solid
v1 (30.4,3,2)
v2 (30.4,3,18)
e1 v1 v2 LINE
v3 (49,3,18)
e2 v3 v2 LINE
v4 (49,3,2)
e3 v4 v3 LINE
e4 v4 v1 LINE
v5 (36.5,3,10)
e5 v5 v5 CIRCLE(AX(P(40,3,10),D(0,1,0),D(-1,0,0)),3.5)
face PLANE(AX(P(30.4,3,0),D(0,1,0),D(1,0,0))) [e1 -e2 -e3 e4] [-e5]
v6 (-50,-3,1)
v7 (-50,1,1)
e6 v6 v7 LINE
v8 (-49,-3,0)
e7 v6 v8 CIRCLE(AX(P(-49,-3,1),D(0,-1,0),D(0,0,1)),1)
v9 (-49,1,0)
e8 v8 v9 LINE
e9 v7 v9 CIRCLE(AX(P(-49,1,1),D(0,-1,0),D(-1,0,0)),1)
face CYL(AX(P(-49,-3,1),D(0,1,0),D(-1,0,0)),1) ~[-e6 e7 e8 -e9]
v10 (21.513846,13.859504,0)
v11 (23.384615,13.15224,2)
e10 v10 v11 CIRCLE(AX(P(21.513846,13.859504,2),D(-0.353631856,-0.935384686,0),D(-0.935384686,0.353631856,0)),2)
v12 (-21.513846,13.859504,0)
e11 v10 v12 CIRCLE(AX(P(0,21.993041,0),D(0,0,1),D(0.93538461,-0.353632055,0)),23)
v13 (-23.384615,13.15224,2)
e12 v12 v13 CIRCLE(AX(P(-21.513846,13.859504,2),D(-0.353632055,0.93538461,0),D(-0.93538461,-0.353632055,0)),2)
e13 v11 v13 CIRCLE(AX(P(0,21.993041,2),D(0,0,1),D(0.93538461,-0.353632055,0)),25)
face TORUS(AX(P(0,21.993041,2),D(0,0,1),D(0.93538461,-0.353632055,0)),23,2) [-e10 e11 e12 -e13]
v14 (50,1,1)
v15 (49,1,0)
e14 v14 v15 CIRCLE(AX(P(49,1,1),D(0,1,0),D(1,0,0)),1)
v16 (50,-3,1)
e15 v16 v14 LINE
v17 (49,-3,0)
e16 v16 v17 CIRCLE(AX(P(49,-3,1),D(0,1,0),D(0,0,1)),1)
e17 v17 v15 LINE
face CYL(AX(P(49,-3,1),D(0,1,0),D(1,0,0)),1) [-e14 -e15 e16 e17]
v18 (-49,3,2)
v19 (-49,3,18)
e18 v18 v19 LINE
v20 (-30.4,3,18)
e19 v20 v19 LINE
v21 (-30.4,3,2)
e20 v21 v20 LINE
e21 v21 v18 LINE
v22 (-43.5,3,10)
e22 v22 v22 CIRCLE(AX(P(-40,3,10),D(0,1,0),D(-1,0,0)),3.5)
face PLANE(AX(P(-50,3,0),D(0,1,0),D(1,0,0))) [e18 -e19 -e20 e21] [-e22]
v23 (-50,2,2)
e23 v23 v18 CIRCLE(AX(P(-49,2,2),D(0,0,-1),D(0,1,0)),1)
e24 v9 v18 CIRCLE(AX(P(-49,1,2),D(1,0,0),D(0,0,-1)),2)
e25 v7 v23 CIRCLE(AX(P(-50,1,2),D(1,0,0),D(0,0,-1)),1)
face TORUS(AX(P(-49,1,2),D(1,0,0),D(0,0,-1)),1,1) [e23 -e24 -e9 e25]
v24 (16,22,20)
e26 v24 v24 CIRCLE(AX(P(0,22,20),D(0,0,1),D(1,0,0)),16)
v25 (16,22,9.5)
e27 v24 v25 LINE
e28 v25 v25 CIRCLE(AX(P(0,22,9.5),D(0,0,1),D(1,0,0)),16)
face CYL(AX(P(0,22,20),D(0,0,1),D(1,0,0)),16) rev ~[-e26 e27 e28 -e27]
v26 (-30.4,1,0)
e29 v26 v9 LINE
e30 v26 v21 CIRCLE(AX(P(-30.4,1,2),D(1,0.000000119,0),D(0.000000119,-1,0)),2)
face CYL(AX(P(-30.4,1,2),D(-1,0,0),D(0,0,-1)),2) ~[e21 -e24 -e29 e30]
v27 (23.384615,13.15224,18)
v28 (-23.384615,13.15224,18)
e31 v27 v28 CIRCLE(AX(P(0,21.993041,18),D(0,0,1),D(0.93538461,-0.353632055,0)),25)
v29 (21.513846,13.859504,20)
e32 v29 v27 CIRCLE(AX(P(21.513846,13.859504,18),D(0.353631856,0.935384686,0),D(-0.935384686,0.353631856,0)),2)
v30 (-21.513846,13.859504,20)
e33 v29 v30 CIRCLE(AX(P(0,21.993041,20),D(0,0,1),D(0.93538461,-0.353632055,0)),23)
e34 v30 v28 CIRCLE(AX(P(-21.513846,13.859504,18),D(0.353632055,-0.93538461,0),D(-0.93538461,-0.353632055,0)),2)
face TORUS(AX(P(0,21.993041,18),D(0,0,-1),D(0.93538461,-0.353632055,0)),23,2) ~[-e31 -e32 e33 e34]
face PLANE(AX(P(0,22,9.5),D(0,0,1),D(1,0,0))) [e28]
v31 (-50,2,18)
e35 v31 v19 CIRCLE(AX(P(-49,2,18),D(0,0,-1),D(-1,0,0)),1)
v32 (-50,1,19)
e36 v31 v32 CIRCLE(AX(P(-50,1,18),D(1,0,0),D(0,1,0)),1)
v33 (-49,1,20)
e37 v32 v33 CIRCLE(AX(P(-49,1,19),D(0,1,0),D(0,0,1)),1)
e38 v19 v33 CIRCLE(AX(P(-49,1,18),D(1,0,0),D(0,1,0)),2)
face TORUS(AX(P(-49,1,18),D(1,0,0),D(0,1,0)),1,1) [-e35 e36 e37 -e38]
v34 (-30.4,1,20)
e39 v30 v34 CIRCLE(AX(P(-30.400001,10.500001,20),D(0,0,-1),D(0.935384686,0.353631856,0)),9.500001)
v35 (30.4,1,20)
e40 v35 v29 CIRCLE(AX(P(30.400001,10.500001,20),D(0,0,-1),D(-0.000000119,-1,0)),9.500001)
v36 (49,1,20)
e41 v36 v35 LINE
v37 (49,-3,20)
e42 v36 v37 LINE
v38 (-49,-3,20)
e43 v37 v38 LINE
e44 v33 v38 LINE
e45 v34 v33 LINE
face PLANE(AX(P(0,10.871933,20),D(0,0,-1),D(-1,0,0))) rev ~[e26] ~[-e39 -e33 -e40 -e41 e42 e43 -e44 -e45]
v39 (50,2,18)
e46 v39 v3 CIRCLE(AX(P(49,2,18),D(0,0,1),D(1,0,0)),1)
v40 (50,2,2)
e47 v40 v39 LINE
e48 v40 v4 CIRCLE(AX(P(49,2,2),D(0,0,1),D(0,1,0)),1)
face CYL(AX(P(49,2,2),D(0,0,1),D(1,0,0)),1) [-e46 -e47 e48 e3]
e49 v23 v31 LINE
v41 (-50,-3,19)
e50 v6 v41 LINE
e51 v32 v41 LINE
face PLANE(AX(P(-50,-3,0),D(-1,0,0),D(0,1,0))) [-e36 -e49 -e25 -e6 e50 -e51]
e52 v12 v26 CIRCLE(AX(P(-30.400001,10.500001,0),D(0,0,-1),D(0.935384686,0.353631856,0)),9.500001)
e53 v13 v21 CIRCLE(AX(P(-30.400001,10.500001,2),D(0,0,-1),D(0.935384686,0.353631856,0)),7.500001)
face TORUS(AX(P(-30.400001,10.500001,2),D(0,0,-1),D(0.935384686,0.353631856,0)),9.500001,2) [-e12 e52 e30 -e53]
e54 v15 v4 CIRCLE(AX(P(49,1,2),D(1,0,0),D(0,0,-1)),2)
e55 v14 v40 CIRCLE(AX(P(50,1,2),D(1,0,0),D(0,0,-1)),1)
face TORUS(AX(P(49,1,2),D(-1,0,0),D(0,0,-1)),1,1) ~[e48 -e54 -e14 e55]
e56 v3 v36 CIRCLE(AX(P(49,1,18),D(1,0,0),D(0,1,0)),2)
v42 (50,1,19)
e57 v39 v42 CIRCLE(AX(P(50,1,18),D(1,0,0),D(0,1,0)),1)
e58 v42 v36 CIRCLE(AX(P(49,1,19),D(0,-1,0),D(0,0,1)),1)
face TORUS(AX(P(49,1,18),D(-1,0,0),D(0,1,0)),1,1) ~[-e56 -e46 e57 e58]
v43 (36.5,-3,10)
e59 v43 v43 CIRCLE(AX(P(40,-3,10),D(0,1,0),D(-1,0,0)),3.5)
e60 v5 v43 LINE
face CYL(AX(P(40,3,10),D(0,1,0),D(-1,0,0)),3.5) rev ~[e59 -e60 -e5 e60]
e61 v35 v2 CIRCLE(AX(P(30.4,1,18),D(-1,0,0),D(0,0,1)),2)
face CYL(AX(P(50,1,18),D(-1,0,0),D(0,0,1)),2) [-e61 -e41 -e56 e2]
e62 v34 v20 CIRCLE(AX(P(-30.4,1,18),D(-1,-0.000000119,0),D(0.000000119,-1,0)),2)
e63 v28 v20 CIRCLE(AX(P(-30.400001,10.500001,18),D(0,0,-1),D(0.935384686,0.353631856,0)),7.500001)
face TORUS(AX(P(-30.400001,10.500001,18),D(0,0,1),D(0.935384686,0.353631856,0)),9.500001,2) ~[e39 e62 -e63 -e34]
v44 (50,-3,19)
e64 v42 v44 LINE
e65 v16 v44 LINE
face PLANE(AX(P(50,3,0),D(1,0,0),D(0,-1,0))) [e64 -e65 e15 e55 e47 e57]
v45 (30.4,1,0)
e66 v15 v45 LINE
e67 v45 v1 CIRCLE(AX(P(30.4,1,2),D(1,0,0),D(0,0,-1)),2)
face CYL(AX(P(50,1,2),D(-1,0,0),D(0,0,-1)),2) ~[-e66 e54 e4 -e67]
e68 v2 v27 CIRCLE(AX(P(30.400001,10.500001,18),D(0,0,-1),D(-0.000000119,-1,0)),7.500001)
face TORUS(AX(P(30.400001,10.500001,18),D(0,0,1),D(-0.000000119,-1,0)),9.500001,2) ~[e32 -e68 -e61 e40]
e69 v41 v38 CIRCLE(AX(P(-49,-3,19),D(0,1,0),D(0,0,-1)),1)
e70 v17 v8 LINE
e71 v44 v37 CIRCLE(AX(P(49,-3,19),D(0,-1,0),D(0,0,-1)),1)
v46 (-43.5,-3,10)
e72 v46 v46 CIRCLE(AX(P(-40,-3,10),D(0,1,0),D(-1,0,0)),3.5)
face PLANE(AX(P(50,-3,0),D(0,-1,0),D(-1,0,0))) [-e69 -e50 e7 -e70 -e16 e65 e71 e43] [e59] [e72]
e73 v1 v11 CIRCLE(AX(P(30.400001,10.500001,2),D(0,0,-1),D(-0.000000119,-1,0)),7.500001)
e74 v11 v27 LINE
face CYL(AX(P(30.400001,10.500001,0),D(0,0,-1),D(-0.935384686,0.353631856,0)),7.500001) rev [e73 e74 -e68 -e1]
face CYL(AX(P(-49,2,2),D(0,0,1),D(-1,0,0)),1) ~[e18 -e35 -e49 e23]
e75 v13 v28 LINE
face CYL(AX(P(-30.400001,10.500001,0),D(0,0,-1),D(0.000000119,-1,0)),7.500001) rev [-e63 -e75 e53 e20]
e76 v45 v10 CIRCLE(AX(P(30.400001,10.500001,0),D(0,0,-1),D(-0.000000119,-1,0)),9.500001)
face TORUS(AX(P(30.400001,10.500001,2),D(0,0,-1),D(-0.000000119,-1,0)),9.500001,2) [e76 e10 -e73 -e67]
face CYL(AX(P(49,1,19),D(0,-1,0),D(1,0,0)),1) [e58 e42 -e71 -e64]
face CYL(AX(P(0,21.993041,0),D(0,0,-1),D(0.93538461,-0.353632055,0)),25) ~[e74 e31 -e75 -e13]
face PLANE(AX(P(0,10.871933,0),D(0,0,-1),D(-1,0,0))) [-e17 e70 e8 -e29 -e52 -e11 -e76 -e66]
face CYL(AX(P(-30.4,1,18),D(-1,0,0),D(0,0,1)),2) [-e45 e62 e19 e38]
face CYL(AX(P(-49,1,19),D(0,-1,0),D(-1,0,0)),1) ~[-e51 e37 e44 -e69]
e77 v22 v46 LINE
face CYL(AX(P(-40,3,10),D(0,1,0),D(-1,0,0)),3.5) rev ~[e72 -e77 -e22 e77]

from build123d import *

# Parameters (mm, degrees)
PAD_DEPTH       = 20
SKETCH001_R     = 16
POCKET_DEPTH    = 10.5
SKETCH002_R     = 3.5
POCKET001_DEPTH = 10
FILLET_R        = 2
FILLET001_R     = 2
FILLET002_R     = 1
FILLET003_R     = 1


with BuildPart() as part:
    # Sketch → Pad (new body)
    with BuildSketch(Plane.XY):
        with BuildLine():
            Line((-50, -3), (-50, 3))
            Line((-50, 3), (-30.4, 3))
            ThreePointArc((-30.4, 3), (-24.229838, 6.236305), (-23.384615, 13.15224))
            ThreePointArc((23.384615, 13.15224), (0, 46.993041), (-23.384615, 13.15224))
            ThreePointArc((23.384615, 13.15224), (24.229838, 6.236305), (30.4, 3))
            Line((30.4, 3), (50, 3))
            Line((50, 3), (50, -3))
            Line((50, -3), (-50, -3))
        make_face()
    extrude(amount=PAD_DEPTH)

    # Sketch001 (on Face10 of Pad) → Pocket (cut)
    with BuildSketch(Plane.XY.offset(20)):
        with Locations((0, 22)):
            Circle(SKETCH001_R)
    extrude(amount=-POCKET_DEPTH, mode=Mode.SUBTRACT)

    # Sketch002 (on Face10 of Pocket) → Pocket001 (cut)
    with BuildSketch(Plane(origin=(0, 3, 0), x_dir=(-1, 0, 0), z_dir=(0, 1, 0))):
        with Locations((-40, 10)):
            Circle(SKETCH002_R)
        with Locations((40, 10)):
            Circle(SKETCH002_R)
    extrude(amount=-POCKET001_DEPTH, mode=Mode.SUBTRACT)

    # Fillet
    fillet_edges = [part.edges().sort_by_distance(p)[0] for p in [
        (0, 46.993041, 20),
    ]]
    fillet(fillet_edges, radius=FILLET_R)

    # Fillet001
    fillet001_edges = [part.edges().sort_by_distance(p)[0] for p in [
        (0, 46.993041, 0),
    ]]
    fillet(fillet001_edges, radius=FILLET001_R)

    # Fillet002
    fillet002_edges = [part.edges().sort_by_distance(p)[0] for p in [
        (-50, 3, 10),
    ]]
    fillet(fillet002_edges, radius=FILLET002_R)

    # Fillet003
    fillet003_edges = [part.edges().sort_by_distance(p)[0] for p in [
        (50, 3, 10),
    ]]
    fillet(fillet003_edges, radius=FILLET003_R)


solid = part.part
